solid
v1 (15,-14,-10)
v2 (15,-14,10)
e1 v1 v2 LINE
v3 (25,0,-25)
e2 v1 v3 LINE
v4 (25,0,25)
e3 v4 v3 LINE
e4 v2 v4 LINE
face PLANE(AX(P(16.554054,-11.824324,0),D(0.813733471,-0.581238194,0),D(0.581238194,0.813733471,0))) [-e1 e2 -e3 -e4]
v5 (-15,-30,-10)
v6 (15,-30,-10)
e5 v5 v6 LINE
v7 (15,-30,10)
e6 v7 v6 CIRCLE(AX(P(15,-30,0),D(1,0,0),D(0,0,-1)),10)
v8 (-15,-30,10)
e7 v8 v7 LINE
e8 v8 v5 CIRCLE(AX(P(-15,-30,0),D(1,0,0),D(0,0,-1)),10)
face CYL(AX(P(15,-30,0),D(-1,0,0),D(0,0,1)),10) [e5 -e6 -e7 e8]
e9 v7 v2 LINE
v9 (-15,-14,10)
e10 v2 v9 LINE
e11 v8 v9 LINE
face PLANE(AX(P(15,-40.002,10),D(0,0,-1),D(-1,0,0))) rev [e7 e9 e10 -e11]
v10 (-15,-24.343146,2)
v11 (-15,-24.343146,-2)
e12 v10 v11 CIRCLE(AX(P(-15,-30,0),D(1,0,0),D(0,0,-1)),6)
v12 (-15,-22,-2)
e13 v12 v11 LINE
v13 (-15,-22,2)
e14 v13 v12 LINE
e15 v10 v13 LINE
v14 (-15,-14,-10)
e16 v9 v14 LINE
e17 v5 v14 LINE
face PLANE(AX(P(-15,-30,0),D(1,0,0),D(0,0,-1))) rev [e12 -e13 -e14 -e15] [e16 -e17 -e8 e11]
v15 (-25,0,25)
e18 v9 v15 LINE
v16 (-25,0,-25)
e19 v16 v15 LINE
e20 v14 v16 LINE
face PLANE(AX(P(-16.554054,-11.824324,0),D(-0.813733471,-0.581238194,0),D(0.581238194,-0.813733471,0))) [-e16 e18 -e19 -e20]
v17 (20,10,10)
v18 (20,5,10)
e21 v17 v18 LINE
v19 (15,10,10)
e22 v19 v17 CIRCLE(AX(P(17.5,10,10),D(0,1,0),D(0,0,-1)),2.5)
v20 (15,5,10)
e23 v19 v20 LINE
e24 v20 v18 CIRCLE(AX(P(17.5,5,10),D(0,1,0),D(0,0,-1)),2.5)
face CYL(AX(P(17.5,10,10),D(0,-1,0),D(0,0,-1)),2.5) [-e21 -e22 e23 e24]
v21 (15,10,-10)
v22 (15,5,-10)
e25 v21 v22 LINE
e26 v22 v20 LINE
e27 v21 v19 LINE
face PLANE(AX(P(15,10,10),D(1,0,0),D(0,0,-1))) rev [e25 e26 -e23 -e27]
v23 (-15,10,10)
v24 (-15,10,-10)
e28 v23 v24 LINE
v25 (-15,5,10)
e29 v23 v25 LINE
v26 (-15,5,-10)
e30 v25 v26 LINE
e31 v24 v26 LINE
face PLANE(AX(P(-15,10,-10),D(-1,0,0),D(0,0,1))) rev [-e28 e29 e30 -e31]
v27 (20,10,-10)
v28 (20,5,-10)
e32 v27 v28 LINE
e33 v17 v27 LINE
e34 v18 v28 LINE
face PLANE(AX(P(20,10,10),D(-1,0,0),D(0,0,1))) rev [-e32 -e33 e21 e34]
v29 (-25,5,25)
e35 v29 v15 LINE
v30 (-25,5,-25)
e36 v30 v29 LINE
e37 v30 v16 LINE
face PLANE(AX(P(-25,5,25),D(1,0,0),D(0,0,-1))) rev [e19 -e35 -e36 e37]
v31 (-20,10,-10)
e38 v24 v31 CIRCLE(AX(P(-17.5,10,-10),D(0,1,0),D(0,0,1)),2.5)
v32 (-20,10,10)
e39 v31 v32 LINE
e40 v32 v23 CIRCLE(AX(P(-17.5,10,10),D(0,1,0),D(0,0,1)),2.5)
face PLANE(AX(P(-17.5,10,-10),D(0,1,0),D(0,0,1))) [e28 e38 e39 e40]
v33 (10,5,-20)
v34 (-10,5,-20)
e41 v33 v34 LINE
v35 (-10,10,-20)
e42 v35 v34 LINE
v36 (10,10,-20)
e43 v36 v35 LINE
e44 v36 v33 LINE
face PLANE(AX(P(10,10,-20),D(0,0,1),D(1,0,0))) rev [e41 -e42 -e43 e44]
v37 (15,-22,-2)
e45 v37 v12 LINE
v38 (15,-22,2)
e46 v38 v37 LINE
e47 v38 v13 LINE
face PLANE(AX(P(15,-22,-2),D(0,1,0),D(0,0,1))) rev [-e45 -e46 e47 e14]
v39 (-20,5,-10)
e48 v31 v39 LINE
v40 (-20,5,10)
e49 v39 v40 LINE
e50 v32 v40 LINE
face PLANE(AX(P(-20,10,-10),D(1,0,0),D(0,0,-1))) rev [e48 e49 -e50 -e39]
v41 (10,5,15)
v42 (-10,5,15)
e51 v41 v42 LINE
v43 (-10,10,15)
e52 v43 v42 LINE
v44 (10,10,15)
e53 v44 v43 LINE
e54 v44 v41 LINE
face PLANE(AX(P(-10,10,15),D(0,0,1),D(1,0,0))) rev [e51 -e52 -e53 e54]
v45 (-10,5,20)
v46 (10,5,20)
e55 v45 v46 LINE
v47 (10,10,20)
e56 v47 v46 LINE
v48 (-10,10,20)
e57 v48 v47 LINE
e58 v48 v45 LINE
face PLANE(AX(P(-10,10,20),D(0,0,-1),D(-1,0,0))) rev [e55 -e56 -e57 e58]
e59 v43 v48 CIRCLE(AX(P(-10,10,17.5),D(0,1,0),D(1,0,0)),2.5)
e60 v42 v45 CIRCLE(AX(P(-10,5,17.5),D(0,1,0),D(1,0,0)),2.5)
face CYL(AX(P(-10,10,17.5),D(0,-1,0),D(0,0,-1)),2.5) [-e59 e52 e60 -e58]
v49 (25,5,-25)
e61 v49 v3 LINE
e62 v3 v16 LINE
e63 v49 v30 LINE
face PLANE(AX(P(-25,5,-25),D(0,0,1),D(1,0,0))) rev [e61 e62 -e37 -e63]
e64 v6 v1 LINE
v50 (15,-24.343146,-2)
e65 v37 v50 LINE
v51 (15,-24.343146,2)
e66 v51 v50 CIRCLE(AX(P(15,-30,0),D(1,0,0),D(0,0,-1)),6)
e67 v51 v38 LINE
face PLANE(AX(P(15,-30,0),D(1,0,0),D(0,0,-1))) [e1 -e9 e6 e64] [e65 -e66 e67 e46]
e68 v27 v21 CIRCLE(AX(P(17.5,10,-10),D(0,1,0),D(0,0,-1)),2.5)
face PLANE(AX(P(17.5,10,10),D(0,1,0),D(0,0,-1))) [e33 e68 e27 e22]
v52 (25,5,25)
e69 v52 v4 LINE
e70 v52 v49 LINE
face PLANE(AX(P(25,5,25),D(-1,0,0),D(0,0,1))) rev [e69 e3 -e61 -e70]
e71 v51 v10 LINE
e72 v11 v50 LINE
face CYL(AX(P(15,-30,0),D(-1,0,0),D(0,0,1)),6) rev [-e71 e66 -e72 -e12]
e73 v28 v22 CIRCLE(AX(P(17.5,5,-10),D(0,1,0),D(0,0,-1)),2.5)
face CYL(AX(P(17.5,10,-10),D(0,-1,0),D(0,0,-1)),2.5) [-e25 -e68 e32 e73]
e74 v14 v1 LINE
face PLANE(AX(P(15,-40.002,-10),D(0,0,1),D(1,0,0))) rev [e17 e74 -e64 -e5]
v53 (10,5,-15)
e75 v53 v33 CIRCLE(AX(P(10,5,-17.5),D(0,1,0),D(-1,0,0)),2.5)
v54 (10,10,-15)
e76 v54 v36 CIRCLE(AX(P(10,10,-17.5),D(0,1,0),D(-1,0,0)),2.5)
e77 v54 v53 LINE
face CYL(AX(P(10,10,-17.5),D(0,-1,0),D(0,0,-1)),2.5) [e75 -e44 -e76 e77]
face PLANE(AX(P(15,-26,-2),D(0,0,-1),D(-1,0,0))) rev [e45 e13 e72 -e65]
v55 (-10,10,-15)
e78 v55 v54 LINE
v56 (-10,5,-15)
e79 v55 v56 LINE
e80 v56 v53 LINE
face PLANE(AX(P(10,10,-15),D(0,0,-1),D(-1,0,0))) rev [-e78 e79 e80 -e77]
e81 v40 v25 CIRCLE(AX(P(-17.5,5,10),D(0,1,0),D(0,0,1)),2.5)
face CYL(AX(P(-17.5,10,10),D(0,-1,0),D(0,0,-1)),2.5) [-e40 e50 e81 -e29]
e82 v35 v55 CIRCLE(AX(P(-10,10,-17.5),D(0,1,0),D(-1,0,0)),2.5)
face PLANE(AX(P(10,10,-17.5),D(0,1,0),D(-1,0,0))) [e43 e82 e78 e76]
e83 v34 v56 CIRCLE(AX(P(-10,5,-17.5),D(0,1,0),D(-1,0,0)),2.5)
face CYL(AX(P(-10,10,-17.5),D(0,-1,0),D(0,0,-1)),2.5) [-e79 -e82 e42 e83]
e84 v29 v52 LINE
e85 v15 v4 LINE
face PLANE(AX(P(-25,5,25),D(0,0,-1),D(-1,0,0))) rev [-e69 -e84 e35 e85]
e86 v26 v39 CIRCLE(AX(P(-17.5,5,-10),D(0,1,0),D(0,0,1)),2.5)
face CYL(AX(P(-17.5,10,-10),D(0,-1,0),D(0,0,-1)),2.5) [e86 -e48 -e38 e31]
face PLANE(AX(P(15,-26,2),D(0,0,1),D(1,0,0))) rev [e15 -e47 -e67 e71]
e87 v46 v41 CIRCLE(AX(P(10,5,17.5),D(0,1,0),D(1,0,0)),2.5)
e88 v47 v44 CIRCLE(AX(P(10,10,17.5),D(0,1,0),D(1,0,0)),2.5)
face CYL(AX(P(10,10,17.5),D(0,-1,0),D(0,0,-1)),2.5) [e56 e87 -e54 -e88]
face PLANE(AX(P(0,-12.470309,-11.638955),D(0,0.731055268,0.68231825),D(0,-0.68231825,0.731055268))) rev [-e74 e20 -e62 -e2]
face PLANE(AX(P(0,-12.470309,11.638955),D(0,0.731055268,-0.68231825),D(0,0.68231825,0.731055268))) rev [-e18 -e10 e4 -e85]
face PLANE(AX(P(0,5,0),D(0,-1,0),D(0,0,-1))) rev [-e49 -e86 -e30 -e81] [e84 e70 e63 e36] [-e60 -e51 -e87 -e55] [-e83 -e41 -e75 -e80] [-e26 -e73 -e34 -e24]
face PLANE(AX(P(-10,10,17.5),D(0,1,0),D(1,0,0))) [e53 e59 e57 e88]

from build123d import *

# Parameters (mm, degrees)
SKETCH1_W                = 50
SKETCH1_H                = 50
BOSS_EXTRUDE1_DEPTH      = 5
BOSS_EXTRUDE2_DEPTH      = 5
CIRPATTERN1_COUNT        = 4
SKETCH3_R                = 10
SKETCH3_R_2              = 6
BOSS_EXTRUDE3_DEPTH      = 15
BOSS_EXTRUDE4_REACH      = 45.886
BOSS_EXTRUDE4_END_RADIUS = 10
SKETCH4_W                = 30
SKETCH4_H                = 20
SKETCH5_W                = 4
SKETCH5_H                = 4
CUT_EXTRUDE2_DEPTH       = 30


with BuildPart() as part:
    # Sketch1 → Boss-Extrude1 (new body)
    with BuildSketch(Plane(origin=(0, 0, 0), x_dir=(1, 0, 0), z_dir=(0, 1, 0))):
        Rectangle(SKETCH1_W, SKETCH1_H)
    extrude(amount=BOSS_EXTRUDE1_DEPTH)

    # Sketch2 → Boss-Extrude2 (add)
    with BuildSketch(Plane(origin=(0, 5, 0), x_dir=(1, 0, 0), z_dir=(0, 1, 0))):
        with BuildLine():
            Line((-15, 10), (-15, -10))
            ThreePointArc((-15, -10), (-17.5, -12.5), (-20, -10))
            Line((-20, -10), (-20, 10))
            ThreePointArc((-20, 10), (-17.5, 12.5), (-15, 10))
        make_face()
    boss_extrude2 = extrude(amount=BOSS_EXTRUDE2_DEPTH)

    # CirPattern1: Boss-Extrude2 ×4 about axis
    cirpattern1_axis = Axis((0, 0, 0), (0, 1, 0))
    for i in range(1, CIRPATTERN1_COUNT):
        add(boss_extrude2.rotate(cirpattern1_axis, i * 360 / CIRPATTERN1_COUNT))


with BuildPart() as body_2:
    # Sketch3 → Boss-Extrude3 (new, symmetric)
    with BuildSketch(Plane(origin=(0, 0, 0), x_dir=(0, 0, -1), z_dir=(1, 0, 0))):
        with Locations((0, -30)):
            Circle(SKETCH3_R)
        with Locations((0, -30)):
            Circle(SKETCH3_R_2, mode=Mode.SUBTRACT)
    extrude(amount=BOSS_EXTRUDE3_DEPTH, both=True)

    # Boss-Extrude4: up to this cylinder (the profile starts outside it)
    boss_extrude4_end = Plane(origin=(0, -30, 0), z_dir=(-1, 0, 0)) * Cylinder(BOSS_EXTRUDE4_END_RADIUS, 112.772, mode=Mode.PRIVATE)
    # Sketch4 → Boss-Extrude4 (add, up to the surface)
    with BuildSketch(Plane(origin=(0, -14, 0), x_dir=(-1, 0, 0), z_dir=(0, -1, 0)), mode=Mode.PRIVATE) as boss_extrude4_sk1:
        Rectangle(SKETCH4_W, SKETCH4_H)
    boss_extrude4_tool1 = extrude(boss_extrude4_sk1.sketch, amount=BOSS_EXTRUDE4_REACH, mode=Mode.PRIVATE) - boss_extrude4_end
    add(boss_extrude4_tool1.solids().sort_by_distance((0, -14, 0))[0])


    add(part.part)  # loft1 joins it to this body
    # loft from a face of the part (loft1)
    loft([body_2.faces().sort_by_distance((0, -14, 0))[0], body_2.faces().sort_by_distance((0, 0, 0))[0]])

    # Sketch5 → Cut-Extrude2 (cut)
    with BuildSketch(Plane.ZY.offset(15)):
        with Locations((0, -24)):
            Rectangle(SKETCH5_W, SKETCH5_H)
    extrude(amount=-CUT_EXTRUDE2_DEPTH, mode=Mode.SUBTRACT)


solid = body_2.part
